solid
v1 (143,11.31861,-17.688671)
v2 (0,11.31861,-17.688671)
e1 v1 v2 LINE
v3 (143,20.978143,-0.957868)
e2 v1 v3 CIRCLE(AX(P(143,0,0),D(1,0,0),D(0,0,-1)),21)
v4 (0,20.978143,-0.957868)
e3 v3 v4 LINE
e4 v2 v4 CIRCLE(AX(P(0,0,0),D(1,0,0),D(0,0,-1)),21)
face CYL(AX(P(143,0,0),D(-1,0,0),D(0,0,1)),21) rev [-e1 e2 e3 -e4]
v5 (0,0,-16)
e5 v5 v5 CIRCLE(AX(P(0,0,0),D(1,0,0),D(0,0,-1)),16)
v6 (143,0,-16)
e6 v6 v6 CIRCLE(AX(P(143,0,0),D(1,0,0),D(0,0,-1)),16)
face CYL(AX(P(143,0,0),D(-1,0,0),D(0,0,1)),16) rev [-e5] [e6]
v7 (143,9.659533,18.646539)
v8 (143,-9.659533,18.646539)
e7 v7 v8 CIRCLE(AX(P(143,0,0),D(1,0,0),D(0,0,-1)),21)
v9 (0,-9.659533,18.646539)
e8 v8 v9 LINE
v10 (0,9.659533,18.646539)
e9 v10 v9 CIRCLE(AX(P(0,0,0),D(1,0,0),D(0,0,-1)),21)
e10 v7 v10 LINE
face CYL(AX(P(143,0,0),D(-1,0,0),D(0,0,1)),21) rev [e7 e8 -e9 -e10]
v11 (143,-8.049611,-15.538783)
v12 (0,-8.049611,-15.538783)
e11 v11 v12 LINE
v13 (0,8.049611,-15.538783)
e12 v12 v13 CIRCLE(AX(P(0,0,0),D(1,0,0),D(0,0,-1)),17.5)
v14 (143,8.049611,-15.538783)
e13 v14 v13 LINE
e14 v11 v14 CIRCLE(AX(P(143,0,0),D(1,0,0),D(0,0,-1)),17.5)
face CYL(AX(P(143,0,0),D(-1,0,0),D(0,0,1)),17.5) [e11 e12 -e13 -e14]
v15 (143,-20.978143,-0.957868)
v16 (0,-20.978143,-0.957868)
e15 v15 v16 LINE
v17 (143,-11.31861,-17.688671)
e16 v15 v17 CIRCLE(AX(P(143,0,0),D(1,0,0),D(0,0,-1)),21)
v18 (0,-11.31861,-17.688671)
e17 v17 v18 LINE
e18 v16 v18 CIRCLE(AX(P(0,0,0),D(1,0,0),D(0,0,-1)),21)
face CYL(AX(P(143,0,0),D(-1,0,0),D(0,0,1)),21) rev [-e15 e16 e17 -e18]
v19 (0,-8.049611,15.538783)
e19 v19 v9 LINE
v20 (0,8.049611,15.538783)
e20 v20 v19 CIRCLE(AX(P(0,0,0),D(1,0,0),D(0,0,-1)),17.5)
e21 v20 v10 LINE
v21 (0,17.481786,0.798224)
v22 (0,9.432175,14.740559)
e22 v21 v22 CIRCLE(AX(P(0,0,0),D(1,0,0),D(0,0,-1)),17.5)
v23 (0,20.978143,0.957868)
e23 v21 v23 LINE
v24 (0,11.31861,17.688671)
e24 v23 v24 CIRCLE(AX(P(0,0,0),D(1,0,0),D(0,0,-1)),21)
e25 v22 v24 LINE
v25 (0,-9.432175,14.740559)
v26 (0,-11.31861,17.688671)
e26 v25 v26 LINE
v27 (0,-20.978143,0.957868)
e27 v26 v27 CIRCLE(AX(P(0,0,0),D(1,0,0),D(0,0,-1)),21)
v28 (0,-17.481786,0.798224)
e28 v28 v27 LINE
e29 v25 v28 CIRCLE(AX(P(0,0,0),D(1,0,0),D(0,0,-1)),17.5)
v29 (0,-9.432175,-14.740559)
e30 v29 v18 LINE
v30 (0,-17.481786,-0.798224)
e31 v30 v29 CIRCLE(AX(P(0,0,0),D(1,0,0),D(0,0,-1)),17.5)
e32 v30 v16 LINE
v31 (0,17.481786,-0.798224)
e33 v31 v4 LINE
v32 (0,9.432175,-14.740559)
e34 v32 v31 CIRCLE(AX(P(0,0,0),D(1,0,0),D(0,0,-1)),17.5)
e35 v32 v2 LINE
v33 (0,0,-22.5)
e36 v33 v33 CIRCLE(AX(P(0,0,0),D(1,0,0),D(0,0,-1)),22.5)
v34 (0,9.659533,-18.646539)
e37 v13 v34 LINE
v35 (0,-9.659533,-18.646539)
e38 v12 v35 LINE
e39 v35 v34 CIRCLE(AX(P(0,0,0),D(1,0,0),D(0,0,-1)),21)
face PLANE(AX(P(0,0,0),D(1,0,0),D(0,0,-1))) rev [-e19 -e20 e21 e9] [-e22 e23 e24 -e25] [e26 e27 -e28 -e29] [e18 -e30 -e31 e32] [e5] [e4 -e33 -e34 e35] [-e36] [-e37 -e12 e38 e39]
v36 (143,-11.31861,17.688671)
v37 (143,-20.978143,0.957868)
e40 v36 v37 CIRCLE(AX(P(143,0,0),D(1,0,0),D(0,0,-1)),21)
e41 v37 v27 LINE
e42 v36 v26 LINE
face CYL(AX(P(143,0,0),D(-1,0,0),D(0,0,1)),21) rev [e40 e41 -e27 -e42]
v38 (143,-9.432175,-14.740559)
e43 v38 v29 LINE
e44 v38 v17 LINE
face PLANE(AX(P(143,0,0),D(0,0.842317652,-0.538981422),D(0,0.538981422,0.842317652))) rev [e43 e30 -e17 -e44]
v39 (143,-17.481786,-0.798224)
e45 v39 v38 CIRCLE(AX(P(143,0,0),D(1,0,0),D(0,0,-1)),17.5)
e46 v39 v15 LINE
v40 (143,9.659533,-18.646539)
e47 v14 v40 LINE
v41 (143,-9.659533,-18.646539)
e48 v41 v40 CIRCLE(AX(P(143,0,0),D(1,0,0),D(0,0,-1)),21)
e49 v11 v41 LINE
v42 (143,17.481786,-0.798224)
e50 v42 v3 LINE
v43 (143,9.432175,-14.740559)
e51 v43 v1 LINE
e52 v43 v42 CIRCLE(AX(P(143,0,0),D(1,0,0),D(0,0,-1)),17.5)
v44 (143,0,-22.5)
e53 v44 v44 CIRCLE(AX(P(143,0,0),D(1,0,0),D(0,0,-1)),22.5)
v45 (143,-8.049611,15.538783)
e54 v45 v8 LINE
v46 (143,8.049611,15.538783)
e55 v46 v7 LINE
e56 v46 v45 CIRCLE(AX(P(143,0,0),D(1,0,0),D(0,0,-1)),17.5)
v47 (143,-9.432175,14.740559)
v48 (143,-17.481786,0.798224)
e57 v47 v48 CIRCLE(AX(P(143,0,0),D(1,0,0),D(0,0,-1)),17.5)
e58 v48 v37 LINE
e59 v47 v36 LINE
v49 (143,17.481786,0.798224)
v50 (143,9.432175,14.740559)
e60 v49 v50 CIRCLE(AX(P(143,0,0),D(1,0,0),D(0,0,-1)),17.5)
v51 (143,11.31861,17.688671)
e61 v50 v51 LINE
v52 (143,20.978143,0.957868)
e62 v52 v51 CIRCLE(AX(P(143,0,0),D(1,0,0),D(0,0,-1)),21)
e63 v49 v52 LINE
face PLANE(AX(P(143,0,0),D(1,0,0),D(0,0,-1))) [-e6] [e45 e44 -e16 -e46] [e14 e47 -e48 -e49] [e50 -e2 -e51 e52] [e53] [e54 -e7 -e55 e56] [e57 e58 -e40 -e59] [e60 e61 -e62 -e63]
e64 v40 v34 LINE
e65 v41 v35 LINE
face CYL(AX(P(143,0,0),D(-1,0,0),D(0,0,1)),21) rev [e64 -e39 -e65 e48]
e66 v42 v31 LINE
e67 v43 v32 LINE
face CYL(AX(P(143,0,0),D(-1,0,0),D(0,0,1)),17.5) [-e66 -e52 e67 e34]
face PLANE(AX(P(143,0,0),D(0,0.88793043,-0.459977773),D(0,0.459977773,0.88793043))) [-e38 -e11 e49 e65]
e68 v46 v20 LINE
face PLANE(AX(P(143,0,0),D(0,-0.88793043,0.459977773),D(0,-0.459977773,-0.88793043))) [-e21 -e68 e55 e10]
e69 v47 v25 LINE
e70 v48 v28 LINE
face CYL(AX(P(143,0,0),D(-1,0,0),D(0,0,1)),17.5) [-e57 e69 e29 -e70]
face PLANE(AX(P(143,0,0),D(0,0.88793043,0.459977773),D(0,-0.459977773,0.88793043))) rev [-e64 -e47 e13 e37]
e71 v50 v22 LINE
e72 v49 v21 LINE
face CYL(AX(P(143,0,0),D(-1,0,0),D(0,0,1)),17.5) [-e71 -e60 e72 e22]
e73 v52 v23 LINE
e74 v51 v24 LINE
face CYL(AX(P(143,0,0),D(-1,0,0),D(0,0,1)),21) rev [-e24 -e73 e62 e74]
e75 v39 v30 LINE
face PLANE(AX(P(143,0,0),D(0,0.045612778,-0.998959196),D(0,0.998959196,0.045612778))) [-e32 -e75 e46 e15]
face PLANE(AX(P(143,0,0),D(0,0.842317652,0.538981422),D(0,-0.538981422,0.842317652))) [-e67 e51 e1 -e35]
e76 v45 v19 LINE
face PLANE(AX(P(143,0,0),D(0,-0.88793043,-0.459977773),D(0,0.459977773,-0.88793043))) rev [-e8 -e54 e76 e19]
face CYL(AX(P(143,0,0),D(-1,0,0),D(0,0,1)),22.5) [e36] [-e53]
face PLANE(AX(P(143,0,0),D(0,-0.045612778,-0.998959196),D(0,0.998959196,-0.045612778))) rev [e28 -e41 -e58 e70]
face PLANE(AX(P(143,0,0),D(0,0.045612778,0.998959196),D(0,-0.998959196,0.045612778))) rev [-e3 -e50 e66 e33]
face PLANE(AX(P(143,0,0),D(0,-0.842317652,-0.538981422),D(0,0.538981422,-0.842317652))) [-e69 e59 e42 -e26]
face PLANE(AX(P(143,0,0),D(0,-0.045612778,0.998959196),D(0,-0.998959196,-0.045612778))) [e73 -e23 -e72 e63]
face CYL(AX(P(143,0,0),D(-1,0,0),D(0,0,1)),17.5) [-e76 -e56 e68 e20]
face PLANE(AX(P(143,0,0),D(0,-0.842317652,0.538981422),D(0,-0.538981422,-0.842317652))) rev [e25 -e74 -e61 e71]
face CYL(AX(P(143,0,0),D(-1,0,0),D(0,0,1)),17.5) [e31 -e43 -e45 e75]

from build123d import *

# Parameters (mm, degrees)
SKETCH1_R           = 22.5
SKETCH1_R_2         = 16
BOSS_EXTRUDE1_DEPTH = 143


with BuildPart() as part:
    # Sketch1 → Boss-Extrude1 (new body)
    with BuildSketch(Plane(origin=(0, 0, 0), x_dir=(0, 0, -1), z_dir=(1, 0, 0))):
        Circle(SKETCH1_R)
        with BuildLine():
            ThreePointArc((0.798223616, -17.481785923), (8.75, -15.155444566), (14.740558905, -9.432174891))
            Line((14.740558905, -9.432174891), (17.688670686, -11.318609869))
            ThreePointArc((17.688670686, -11.318609869), (10.5, -18.186533479), (0.95786834, -20.978143108))
            Line((0.95786834, -20.978143108), (0.798223616, -17.481785923))
        make_face(mode=Mode.SUBTRACT)
        with BuildLine():
            Line((18.646539025, -9.659533238), (15.538782521, -8.049611032))
            ThreePointArc((15.538782521, -8.049611032), (17.5, 0), (15.538782521, 8.049611032))
            Line((15.538782521, 8.049611032), (18.646539025, 9.659533238))
            ThreePointArc((18.646539025, 9.659533238), (21, 0), (18.646539025, -9.659533238))
        make_face(mode=Mode.SUBTRACT)
        with BuildLine():
            Line((-0.798223616, -17.481785923), (-0.95786834, -20.978143108))
            ThreePointArc((-0.95786834, -20.978143108), (-10.5, -18.186533479), (-17.688670686, -11.318609869))
            Line((-17.688670686, -11.318609869), (-14.740558905, -9.432174891))
            ThreePointArc((-14.740558905, -9.432174891), (-8.75, -15.155444566), (-0.798223616, -17.481785923))
        make_face(mode=Mode.SUBTRACT)
        with BuildLine():
            Line((17.688670686, 11.318609869), (14.740558905, 9.432174891))
            ThreePointArc((14.740558905, 9.432174891), (8.75, 15.155444566), (0.798223616, 17.481785923))
            Line((0.798223616, 17.481785923), (0.95786834, 20.978143108))
            ThreePointArc((0.95786834, 20.978143108), (10.5, 18.186533479), (17.688670686, 11.318609869))
        make_face(mode=Mode.SUBTRACT)
        with BuildLine():
            Line((-15.538782521, -8.049611032), (-18.646539025, -9.659533238))
            ThreePointArc((-18.646539025, -9.659533238), (-21, 0), (-18.646539025, 9.659533238))
            Line((-18.646539025, 9.659533238), (-15.538782521, 8.049611032))
            ThreePointArc((-15.538782521, 8.049611032), (-17.5, 0), (-15.538782521, -8.049611032))
        make_face(mode=Mode.SUBTRACT)
        with BuildLine():
            Line((-0.95786834, 20.978143108), (-0.798223616, 17.481785923))
            ThreePointArc((-0.798223616, 17.481785923), (-8.75, 15.155444566), (-14.740558905, 9.432174891))
            Line((-14.740558905, 9.432174891), (-17.688670686, 11.318609869))
            ThreePointArc((-17.688670686, 11.318609869), (-10.5, 18.186533479), (-0.95786834, 20.978143108))
        make_face(mode=Mode.SUBTRACT)
        Circle(SKETCH1_R_2, mode=Mode.SUBTRACT)
    extrude(amount=BOSS_EXTRUDE1_DEPTH)


solid = part.part
